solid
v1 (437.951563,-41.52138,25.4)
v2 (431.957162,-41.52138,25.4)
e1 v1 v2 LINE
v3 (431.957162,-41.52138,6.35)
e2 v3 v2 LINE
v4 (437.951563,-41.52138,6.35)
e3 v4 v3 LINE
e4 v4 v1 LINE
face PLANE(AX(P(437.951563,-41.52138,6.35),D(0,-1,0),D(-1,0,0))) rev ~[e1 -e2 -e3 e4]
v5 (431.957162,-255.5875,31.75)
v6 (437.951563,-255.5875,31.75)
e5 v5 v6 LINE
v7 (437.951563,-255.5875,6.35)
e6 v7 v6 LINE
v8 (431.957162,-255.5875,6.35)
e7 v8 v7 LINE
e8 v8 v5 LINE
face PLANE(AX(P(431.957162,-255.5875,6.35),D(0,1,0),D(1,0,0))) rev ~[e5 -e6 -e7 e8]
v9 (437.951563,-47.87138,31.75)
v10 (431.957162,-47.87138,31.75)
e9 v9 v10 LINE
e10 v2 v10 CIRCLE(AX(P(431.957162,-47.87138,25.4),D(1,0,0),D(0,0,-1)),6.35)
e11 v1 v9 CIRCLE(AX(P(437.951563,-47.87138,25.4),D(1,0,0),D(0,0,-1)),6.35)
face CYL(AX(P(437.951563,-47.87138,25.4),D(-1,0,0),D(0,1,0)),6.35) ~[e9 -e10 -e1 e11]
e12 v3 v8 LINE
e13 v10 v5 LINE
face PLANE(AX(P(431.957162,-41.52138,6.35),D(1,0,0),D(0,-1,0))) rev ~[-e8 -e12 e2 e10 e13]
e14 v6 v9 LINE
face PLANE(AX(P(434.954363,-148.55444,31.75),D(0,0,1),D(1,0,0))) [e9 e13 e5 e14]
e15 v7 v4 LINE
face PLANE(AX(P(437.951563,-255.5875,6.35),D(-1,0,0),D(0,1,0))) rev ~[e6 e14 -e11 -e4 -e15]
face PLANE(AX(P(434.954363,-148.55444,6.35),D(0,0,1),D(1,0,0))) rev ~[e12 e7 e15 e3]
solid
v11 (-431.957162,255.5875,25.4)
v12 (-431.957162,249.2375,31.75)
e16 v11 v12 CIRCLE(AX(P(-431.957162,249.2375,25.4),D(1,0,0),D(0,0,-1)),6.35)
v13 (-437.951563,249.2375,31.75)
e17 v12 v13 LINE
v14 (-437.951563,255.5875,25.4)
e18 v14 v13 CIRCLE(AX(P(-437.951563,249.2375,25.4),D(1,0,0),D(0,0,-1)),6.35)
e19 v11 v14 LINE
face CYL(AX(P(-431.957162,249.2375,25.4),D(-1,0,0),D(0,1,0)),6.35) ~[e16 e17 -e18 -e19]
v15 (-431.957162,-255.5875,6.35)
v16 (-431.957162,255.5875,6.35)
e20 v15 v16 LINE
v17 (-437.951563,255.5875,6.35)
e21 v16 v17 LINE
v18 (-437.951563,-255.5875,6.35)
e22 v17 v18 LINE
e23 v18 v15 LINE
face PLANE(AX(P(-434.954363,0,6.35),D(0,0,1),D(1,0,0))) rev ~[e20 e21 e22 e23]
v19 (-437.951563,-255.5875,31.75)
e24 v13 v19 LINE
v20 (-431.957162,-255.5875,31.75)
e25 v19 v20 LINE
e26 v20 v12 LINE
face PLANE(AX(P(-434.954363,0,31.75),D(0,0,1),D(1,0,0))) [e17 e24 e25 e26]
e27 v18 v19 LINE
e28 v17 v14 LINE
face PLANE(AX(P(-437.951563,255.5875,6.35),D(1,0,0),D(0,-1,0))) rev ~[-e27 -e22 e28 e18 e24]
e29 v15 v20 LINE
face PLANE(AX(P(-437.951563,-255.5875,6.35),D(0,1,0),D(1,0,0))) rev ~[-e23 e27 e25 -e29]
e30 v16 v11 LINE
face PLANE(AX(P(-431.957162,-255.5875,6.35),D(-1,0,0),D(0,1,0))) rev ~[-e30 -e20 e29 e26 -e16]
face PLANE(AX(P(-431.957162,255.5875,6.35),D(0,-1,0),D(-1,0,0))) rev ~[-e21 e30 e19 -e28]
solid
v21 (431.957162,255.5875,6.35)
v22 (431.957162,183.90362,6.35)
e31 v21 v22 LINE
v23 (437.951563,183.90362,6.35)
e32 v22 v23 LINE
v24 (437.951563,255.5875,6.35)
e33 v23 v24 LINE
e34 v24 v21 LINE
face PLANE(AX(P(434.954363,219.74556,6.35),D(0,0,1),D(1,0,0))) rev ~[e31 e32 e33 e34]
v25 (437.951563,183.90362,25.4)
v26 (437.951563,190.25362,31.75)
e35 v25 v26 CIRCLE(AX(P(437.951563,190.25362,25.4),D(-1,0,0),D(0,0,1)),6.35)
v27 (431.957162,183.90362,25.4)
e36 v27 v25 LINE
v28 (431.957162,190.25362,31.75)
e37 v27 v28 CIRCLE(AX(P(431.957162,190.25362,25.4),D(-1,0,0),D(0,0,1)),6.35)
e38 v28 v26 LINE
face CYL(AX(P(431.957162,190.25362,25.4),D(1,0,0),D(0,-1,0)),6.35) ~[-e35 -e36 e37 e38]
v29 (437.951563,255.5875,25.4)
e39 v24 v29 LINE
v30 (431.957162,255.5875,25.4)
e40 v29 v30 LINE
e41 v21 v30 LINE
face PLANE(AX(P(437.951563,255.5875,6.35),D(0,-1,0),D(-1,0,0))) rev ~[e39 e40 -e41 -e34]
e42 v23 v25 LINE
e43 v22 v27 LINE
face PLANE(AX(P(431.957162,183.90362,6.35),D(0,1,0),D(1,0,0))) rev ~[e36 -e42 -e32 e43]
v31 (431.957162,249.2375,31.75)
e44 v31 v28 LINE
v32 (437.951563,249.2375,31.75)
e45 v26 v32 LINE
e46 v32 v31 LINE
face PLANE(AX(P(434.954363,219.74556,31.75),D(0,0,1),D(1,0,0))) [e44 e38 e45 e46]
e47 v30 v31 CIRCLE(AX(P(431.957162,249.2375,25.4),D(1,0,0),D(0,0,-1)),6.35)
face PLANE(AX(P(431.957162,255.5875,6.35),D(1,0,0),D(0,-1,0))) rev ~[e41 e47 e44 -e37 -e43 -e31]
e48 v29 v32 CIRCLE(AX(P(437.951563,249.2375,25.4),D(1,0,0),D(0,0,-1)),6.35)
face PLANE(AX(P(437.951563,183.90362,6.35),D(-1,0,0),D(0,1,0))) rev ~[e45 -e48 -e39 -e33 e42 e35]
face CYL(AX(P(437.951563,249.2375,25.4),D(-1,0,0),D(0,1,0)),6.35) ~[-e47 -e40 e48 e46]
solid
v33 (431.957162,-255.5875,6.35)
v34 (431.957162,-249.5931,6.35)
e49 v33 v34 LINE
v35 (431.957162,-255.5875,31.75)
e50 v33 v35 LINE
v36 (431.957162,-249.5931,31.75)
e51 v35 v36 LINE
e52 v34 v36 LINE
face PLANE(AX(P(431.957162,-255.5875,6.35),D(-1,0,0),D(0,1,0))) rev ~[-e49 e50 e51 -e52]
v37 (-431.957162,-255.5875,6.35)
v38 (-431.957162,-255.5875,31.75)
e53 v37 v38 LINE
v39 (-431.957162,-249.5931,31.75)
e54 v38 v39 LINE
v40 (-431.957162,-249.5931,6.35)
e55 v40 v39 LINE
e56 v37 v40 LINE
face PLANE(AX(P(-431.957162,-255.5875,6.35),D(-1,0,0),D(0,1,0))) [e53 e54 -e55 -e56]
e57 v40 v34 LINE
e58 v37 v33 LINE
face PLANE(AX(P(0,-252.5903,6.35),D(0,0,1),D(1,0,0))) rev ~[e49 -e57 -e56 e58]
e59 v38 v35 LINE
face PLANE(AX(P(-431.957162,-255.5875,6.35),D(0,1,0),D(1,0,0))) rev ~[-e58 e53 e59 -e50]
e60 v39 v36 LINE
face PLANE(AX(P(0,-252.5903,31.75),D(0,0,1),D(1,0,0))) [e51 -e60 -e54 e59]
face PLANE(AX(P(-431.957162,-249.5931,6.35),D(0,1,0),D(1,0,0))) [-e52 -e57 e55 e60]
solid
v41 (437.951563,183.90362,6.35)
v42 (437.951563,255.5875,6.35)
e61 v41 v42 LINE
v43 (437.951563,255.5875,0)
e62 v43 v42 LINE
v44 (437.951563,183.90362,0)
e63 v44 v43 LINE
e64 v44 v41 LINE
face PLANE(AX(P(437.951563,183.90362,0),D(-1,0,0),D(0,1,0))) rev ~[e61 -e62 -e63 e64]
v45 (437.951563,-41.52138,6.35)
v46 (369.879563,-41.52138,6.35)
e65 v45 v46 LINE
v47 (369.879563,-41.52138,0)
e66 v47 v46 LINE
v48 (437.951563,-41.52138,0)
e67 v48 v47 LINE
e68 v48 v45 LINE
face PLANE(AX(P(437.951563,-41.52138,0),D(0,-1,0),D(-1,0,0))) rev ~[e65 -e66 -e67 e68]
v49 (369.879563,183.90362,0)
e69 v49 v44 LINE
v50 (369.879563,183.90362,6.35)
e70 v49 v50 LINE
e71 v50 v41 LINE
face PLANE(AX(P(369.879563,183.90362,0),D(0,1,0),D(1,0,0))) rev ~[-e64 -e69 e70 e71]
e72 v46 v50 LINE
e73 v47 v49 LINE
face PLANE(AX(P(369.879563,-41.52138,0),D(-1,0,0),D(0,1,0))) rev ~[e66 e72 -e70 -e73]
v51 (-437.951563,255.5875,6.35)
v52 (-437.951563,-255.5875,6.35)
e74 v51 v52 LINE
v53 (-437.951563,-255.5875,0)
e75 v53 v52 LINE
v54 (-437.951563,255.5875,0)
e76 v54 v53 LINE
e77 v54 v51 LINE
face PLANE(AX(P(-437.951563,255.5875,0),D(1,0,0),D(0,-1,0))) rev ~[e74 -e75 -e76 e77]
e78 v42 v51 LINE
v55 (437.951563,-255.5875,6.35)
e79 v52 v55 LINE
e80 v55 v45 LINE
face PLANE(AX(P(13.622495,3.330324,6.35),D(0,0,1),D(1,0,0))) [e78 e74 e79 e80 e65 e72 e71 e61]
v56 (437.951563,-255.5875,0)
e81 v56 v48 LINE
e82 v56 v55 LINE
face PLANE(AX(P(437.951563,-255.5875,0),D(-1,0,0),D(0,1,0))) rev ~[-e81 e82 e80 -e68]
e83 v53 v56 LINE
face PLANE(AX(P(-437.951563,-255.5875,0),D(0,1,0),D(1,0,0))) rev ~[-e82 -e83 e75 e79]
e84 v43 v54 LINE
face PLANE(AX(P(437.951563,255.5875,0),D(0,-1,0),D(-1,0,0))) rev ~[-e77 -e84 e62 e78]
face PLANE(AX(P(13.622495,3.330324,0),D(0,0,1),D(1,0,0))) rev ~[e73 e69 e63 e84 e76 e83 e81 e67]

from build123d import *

# Parameters (mm, degrees)
F1_DEPTH = 6.35
F3_DEPTH = 25.4
F4_DEPTH = 25.4
F2_W     = 863.914325
F2_H     = 5.9944
F5_DEPTH = 25.4
F6_DEPTH = 25.4
F7_R     = 6.35
F7_2_R   = 6.35
F7_3_R   = 6.35


with BuildPart() as f1:
    # F0 (on Top) → F1 (new body)
    with BuildSketch(Plane.XY):
        Polygon((-437.9515625, -255.5875), (437.9515625, -255.5875), (437.9515625, -41.52138), (369.8795625, -41.52138), (369.8795625, 183.90362), (437.9515625, 183.90362), (437.9515625, 255.5875), (-437.9515625, 255.5875), align=None)
    extrude(amount=F1_DEPTH)


with BuildPart() as f3:
    # F2 (on face) → F3 (new body)
    with BuildSketch(Plane.XY.offset(6.35)):
        Polygon((-437.9515625, -255.5875), (-431.9571625, -255.5875), (-431.9571625, -249.5931), (-431.9571625, 255.5875), (-437.9515625, 255.5875), align=None)
    extrude(amount=F3_DEPTH)

    # F7#3
    f7_3_edges = [f3.edges().sort_by_distance(p)[0] for p in [
        (-434.954363, 255.5875, 31.75),
    ]]
    fillet(f7_3_edges, radius=F7_3_R)


with BuildPart() as f4:
    # F2 (on face) → F4 (new body)
    with BuildSketch(Plane.XY.offset(6.35)):
        Polygon((431.9571625, -249.5931), (431.9571625, -255.5875), (437.9515625, -255.5875), (437.9515625, -41.52138), (431.9571625, -41.52138), align=None)
    extrude(amount=F4_DEPTH)

    # F7#2
    f7_2_edges = [f4.edges().sort_by_distance(p)[0] for p in [
        (434.954363, -41.52138, 31.75),
    ]]
    fillet(f7_2_edges, radius=F7_2_R)


with BuildPart() as f5:
    # F2 (on face) → F5 (new body)
    with BuildSketch(Plane.XY.offset(6.35)):
        with Locations((0, -252.5903)):
            Rectangle(F2_W, F2_H)
    extrude(amount=F5_DEPTH)


with BuildPart() as f6:
    # F2 (on face) → F6 (new body)
    with BuildSketch(Plane.XY.offset(6.35)):
        Polygon((437.9515625, 255.5875), (431.9571625, 255.5875), (431.9571625, 183.90362), (437.9515625, 183.90362), align=None)
    extrude(amount=F6_DEPTH)

    # F7
    f7_edges = [f6.edges().sort_by_distance(p)[0] for p in [
        (434.954362, 183.90362, 31.75),
        (434.954363, 255.5875, 31.75),
    ]]
    fillet(f7_edges, radius=F7_R)


solid = Compound([f1.part, f3.part, f4.part, f5.part, f6.part])
